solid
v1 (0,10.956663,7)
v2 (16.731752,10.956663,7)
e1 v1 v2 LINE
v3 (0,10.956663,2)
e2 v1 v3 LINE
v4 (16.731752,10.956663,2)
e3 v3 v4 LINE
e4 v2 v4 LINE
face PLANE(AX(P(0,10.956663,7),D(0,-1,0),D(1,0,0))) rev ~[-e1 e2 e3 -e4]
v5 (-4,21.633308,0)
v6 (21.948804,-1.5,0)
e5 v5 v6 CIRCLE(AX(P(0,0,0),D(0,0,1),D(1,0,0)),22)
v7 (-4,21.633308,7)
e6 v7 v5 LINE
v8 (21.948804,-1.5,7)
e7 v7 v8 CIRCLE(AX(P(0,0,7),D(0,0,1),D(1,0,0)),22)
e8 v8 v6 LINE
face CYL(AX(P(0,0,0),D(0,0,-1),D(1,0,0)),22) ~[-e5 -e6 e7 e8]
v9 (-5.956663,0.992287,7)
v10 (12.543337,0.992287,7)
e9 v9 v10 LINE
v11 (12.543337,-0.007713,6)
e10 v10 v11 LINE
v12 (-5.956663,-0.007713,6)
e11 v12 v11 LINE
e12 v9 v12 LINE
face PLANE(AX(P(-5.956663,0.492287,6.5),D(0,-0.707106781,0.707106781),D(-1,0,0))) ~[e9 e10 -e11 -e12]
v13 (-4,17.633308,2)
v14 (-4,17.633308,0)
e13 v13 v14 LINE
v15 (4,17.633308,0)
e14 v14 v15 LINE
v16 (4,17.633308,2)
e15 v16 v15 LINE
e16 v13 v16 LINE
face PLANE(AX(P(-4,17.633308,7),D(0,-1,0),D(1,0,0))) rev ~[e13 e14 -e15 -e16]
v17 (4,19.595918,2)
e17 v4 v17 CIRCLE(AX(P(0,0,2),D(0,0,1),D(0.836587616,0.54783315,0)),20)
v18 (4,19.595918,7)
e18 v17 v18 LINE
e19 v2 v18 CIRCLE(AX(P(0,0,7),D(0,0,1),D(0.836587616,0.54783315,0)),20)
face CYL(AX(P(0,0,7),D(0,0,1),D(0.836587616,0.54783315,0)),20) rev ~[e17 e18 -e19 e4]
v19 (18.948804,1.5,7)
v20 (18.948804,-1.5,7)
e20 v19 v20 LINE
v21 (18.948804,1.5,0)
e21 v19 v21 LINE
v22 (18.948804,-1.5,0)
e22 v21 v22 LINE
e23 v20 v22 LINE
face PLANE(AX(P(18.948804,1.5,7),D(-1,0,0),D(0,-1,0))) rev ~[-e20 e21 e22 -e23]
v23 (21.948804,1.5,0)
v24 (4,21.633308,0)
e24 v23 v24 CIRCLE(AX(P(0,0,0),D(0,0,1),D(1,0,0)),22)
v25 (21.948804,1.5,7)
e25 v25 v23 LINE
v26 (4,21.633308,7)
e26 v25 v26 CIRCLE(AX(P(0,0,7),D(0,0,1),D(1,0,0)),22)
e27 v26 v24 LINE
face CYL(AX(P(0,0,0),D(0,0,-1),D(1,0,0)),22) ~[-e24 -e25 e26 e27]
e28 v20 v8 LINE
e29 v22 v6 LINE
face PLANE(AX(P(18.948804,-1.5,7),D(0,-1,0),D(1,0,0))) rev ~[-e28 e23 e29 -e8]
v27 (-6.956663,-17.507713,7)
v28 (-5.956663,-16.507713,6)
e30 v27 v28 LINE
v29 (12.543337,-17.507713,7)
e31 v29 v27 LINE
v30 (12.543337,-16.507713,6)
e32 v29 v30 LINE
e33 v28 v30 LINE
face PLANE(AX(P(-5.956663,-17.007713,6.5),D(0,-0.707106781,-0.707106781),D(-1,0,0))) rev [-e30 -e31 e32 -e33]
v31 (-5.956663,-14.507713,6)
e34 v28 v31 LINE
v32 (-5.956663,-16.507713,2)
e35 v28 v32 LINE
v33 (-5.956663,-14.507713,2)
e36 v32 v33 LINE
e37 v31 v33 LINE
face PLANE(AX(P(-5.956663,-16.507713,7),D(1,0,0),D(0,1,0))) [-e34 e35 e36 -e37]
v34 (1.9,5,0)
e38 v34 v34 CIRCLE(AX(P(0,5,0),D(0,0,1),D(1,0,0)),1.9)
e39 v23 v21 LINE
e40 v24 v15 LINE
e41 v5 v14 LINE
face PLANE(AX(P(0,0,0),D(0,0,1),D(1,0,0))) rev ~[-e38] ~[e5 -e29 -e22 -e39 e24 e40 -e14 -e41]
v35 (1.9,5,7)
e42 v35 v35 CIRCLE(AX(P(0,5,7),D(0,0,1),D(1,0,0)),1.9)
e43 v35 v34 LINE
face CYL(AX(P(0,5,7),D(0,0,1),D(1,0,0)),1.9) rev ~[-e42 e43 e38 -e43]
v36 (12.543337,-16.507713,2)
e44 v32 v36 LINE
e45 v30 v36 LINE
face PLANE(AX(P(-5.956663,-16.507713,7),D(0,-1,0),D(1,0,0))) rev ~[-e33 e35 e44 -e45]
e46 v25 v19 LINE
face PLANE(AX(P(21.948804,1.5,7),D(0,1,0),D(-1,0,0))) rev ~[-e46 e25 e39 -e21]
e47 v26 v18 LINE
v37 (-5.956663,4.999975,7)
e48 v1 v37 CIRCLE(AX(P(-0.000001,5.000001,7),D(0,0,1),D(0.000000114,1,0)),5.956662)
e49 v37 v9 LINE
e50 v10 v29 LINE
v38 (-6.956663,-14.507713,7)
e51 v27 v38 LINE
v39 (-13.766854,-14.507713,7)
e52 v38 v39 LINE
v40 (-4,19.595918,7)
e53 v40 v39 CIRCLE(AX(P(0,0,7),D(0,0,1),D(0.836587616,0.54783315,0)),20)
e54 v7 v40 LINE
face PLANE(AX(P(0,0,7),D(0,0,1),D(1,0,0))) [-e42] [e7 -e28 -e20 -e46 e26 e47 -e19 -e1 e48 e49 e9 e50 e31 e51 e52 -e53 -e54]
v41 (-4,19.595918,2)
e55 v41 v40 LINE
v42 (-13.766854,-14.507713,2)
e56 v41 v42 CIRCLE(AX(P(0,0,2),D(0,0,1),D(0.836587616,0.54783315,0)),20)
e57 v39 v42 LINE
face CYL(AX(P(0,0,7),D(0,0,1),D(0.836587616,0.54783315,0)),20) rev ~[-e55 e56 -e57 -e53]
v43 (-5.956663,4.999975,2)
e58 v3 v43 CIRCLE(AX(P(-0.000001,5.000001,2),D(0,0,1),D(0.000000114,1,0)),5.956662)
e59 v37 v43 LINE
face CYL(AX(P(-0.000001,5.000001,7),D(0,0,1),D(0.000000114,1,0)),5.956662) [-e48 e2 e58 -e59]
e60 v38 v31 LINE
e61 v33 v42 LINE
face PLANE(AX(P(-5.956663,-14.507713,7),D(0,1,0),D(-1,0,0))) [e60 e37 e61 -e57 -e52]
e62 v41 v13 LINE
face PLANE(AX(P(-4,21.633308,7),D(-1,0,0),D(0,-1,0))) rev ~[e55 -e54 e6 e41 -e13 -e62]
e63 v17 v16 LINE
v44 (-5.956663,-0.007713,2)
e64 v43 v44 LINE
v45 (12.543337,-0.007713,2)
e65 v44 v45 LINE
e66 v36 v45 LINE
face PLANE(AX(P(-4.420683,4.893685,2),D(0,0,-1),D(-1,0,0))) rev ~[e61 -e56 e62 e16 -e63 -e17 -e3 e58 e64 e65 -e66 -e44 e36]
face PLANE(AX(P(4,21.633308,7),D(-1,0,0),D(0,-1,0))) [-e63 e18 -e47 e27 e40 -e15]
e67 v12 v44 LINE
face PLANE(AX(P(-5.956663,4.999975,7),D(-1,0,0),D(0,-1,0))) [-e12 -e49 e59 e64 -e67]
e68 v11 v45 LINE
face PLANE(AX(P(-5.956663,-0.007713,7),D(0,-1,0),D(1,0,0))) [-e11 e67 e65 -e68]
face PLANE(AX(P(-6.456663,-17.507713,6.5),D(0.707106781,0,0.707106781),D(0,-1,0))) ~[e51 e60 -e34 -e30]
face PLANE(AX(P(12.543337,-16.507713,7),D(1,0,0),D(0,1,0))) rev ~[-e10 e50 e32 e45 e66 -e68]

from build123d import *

# Parameters (mm, degrees)
SKETCH_R        = 22
PAD_DEPTH       = 7
SKETCH001_R     = 1.9
POCKET_DEPTH    = 7.001
POCKET001_DEPTH = 7.001
SKETCH003_W     = 18.5
SKETCH003_H     = 16.5
POCKET002_DEPTH = 5
POCKET003_DEPTH = 7.001
POCKET004_DEPTH = 5
CHAMFER_SIZE    = 1
CHAMFER001_SIZE = 1
CHAMFER002_SIZE = 1


with BuildPart() as part:
    # Sketch → Pad (new body)
    with BuildSketch(Plane.XY):
        Circle(SKETCH_R)
    extrude(amount=PAD_DEPTH)

    # Sketch001 → Pocket (cut, through all)
    with BuildSketch(Plane.XY.offset(7)):
        with Locations((0, 5)):
            Circle(SKETCH001_R)
    extrude(amount=-POCKET_DEPTH, mode=Mode.SUBTRACT)

    # Sketch002 → Pocket001 (cut, through all)
    with BuildSketch(Plane.XY.offset(7)):
        with BuildLine():
            ThreePointArc((21.948804, -1.5), (22, 0), (21.948804, 1.5))
            Line((21.948804, 1.5), (18.948804, 1.5))
            Line((18.948804, 1.5), (18.948804, -1.5))
            Line((18.948804, -1.5), (21.948804, -1.5))
        make_face()
    extrude(amount=-POCKET001_DEPTH, mode=Mode.SUBTRACT)

    # Sketch003 → Pocket002 (cut)
    with BuildSketch(Plane.XY.offset(7)):
        with Locations((3.293337, -8.257713)):
            Rectangle(SKETCH003_W, SKETCH003_H)
    extrude(amount=-POCKET002_DEPTH, mode=Mode.SUBTRACT)

    # Sketch004 → Pocket003 (cut, through all)
    with BuildSketch(Plane.XY.offset(7)):
        with BuildLine():
            ThreePointArc((4, 21.633308), (0, 22), (-4, 21.633308))
            Line((-4, 21.633308), (-4, 17.633308))
            Line((-4, 17.633308), (4, 17.633308))
            Line((4, 21.633308), (4, 17.633308))
        make_face()
    extrude(amount=-POCKET003_DEPTH, mode=Mode.SUBTRACT)

    # Sketch005 → Pocket004 (cut)
    with BuildSketch(Plane.XY.offset(7)):
        with BuildLine():
            ThreePointArc((0, 10.956663), (-4.212006, 9.211988), (-5.956663, 4.999975))
            Line((-5.956663, 4.999975), (-5.956663, -14.507713))
            Line((-5.956663, -14.507713), (-13.766854, -14.507713))
            ThreePointArc((16.731752, 10.956663), (-12.818201, 15.35232), (-13.766854, -14.507713))
            Line((0, 10.956663), (16.731752, 10.956663))
        make_face()
    extrude(amount=-POCKET004_DEPTH, mode=Mode.SUBTRACT)

    # Chamfer
    chamfer_edges = [part.edges().sort_by_distance(p)[0] for p in [
        (3.293337, -0.007713, 7),
    ]]
    chamfer(chamfer_edges, length=CHAMFER_SIZE)

    # Chamfer001
    chamfer001_edges = [part.edges().sort_by_distance(p)[0] for p in [
        (3.293337, -16.507713, 7),
    ]]
    chamfer(chamfer001_edges, length=CHAMFER001_SIZE)

    # Chamfer002
    chamfer002_edges = [part.edges().sort_by_distance(p)[0] for p in [
        (-5.956663, -15.507713, 7),
    ]]
    chamfer(chamfer002_edges, length=CHAMFER002_SIZE)


solid = part.part
